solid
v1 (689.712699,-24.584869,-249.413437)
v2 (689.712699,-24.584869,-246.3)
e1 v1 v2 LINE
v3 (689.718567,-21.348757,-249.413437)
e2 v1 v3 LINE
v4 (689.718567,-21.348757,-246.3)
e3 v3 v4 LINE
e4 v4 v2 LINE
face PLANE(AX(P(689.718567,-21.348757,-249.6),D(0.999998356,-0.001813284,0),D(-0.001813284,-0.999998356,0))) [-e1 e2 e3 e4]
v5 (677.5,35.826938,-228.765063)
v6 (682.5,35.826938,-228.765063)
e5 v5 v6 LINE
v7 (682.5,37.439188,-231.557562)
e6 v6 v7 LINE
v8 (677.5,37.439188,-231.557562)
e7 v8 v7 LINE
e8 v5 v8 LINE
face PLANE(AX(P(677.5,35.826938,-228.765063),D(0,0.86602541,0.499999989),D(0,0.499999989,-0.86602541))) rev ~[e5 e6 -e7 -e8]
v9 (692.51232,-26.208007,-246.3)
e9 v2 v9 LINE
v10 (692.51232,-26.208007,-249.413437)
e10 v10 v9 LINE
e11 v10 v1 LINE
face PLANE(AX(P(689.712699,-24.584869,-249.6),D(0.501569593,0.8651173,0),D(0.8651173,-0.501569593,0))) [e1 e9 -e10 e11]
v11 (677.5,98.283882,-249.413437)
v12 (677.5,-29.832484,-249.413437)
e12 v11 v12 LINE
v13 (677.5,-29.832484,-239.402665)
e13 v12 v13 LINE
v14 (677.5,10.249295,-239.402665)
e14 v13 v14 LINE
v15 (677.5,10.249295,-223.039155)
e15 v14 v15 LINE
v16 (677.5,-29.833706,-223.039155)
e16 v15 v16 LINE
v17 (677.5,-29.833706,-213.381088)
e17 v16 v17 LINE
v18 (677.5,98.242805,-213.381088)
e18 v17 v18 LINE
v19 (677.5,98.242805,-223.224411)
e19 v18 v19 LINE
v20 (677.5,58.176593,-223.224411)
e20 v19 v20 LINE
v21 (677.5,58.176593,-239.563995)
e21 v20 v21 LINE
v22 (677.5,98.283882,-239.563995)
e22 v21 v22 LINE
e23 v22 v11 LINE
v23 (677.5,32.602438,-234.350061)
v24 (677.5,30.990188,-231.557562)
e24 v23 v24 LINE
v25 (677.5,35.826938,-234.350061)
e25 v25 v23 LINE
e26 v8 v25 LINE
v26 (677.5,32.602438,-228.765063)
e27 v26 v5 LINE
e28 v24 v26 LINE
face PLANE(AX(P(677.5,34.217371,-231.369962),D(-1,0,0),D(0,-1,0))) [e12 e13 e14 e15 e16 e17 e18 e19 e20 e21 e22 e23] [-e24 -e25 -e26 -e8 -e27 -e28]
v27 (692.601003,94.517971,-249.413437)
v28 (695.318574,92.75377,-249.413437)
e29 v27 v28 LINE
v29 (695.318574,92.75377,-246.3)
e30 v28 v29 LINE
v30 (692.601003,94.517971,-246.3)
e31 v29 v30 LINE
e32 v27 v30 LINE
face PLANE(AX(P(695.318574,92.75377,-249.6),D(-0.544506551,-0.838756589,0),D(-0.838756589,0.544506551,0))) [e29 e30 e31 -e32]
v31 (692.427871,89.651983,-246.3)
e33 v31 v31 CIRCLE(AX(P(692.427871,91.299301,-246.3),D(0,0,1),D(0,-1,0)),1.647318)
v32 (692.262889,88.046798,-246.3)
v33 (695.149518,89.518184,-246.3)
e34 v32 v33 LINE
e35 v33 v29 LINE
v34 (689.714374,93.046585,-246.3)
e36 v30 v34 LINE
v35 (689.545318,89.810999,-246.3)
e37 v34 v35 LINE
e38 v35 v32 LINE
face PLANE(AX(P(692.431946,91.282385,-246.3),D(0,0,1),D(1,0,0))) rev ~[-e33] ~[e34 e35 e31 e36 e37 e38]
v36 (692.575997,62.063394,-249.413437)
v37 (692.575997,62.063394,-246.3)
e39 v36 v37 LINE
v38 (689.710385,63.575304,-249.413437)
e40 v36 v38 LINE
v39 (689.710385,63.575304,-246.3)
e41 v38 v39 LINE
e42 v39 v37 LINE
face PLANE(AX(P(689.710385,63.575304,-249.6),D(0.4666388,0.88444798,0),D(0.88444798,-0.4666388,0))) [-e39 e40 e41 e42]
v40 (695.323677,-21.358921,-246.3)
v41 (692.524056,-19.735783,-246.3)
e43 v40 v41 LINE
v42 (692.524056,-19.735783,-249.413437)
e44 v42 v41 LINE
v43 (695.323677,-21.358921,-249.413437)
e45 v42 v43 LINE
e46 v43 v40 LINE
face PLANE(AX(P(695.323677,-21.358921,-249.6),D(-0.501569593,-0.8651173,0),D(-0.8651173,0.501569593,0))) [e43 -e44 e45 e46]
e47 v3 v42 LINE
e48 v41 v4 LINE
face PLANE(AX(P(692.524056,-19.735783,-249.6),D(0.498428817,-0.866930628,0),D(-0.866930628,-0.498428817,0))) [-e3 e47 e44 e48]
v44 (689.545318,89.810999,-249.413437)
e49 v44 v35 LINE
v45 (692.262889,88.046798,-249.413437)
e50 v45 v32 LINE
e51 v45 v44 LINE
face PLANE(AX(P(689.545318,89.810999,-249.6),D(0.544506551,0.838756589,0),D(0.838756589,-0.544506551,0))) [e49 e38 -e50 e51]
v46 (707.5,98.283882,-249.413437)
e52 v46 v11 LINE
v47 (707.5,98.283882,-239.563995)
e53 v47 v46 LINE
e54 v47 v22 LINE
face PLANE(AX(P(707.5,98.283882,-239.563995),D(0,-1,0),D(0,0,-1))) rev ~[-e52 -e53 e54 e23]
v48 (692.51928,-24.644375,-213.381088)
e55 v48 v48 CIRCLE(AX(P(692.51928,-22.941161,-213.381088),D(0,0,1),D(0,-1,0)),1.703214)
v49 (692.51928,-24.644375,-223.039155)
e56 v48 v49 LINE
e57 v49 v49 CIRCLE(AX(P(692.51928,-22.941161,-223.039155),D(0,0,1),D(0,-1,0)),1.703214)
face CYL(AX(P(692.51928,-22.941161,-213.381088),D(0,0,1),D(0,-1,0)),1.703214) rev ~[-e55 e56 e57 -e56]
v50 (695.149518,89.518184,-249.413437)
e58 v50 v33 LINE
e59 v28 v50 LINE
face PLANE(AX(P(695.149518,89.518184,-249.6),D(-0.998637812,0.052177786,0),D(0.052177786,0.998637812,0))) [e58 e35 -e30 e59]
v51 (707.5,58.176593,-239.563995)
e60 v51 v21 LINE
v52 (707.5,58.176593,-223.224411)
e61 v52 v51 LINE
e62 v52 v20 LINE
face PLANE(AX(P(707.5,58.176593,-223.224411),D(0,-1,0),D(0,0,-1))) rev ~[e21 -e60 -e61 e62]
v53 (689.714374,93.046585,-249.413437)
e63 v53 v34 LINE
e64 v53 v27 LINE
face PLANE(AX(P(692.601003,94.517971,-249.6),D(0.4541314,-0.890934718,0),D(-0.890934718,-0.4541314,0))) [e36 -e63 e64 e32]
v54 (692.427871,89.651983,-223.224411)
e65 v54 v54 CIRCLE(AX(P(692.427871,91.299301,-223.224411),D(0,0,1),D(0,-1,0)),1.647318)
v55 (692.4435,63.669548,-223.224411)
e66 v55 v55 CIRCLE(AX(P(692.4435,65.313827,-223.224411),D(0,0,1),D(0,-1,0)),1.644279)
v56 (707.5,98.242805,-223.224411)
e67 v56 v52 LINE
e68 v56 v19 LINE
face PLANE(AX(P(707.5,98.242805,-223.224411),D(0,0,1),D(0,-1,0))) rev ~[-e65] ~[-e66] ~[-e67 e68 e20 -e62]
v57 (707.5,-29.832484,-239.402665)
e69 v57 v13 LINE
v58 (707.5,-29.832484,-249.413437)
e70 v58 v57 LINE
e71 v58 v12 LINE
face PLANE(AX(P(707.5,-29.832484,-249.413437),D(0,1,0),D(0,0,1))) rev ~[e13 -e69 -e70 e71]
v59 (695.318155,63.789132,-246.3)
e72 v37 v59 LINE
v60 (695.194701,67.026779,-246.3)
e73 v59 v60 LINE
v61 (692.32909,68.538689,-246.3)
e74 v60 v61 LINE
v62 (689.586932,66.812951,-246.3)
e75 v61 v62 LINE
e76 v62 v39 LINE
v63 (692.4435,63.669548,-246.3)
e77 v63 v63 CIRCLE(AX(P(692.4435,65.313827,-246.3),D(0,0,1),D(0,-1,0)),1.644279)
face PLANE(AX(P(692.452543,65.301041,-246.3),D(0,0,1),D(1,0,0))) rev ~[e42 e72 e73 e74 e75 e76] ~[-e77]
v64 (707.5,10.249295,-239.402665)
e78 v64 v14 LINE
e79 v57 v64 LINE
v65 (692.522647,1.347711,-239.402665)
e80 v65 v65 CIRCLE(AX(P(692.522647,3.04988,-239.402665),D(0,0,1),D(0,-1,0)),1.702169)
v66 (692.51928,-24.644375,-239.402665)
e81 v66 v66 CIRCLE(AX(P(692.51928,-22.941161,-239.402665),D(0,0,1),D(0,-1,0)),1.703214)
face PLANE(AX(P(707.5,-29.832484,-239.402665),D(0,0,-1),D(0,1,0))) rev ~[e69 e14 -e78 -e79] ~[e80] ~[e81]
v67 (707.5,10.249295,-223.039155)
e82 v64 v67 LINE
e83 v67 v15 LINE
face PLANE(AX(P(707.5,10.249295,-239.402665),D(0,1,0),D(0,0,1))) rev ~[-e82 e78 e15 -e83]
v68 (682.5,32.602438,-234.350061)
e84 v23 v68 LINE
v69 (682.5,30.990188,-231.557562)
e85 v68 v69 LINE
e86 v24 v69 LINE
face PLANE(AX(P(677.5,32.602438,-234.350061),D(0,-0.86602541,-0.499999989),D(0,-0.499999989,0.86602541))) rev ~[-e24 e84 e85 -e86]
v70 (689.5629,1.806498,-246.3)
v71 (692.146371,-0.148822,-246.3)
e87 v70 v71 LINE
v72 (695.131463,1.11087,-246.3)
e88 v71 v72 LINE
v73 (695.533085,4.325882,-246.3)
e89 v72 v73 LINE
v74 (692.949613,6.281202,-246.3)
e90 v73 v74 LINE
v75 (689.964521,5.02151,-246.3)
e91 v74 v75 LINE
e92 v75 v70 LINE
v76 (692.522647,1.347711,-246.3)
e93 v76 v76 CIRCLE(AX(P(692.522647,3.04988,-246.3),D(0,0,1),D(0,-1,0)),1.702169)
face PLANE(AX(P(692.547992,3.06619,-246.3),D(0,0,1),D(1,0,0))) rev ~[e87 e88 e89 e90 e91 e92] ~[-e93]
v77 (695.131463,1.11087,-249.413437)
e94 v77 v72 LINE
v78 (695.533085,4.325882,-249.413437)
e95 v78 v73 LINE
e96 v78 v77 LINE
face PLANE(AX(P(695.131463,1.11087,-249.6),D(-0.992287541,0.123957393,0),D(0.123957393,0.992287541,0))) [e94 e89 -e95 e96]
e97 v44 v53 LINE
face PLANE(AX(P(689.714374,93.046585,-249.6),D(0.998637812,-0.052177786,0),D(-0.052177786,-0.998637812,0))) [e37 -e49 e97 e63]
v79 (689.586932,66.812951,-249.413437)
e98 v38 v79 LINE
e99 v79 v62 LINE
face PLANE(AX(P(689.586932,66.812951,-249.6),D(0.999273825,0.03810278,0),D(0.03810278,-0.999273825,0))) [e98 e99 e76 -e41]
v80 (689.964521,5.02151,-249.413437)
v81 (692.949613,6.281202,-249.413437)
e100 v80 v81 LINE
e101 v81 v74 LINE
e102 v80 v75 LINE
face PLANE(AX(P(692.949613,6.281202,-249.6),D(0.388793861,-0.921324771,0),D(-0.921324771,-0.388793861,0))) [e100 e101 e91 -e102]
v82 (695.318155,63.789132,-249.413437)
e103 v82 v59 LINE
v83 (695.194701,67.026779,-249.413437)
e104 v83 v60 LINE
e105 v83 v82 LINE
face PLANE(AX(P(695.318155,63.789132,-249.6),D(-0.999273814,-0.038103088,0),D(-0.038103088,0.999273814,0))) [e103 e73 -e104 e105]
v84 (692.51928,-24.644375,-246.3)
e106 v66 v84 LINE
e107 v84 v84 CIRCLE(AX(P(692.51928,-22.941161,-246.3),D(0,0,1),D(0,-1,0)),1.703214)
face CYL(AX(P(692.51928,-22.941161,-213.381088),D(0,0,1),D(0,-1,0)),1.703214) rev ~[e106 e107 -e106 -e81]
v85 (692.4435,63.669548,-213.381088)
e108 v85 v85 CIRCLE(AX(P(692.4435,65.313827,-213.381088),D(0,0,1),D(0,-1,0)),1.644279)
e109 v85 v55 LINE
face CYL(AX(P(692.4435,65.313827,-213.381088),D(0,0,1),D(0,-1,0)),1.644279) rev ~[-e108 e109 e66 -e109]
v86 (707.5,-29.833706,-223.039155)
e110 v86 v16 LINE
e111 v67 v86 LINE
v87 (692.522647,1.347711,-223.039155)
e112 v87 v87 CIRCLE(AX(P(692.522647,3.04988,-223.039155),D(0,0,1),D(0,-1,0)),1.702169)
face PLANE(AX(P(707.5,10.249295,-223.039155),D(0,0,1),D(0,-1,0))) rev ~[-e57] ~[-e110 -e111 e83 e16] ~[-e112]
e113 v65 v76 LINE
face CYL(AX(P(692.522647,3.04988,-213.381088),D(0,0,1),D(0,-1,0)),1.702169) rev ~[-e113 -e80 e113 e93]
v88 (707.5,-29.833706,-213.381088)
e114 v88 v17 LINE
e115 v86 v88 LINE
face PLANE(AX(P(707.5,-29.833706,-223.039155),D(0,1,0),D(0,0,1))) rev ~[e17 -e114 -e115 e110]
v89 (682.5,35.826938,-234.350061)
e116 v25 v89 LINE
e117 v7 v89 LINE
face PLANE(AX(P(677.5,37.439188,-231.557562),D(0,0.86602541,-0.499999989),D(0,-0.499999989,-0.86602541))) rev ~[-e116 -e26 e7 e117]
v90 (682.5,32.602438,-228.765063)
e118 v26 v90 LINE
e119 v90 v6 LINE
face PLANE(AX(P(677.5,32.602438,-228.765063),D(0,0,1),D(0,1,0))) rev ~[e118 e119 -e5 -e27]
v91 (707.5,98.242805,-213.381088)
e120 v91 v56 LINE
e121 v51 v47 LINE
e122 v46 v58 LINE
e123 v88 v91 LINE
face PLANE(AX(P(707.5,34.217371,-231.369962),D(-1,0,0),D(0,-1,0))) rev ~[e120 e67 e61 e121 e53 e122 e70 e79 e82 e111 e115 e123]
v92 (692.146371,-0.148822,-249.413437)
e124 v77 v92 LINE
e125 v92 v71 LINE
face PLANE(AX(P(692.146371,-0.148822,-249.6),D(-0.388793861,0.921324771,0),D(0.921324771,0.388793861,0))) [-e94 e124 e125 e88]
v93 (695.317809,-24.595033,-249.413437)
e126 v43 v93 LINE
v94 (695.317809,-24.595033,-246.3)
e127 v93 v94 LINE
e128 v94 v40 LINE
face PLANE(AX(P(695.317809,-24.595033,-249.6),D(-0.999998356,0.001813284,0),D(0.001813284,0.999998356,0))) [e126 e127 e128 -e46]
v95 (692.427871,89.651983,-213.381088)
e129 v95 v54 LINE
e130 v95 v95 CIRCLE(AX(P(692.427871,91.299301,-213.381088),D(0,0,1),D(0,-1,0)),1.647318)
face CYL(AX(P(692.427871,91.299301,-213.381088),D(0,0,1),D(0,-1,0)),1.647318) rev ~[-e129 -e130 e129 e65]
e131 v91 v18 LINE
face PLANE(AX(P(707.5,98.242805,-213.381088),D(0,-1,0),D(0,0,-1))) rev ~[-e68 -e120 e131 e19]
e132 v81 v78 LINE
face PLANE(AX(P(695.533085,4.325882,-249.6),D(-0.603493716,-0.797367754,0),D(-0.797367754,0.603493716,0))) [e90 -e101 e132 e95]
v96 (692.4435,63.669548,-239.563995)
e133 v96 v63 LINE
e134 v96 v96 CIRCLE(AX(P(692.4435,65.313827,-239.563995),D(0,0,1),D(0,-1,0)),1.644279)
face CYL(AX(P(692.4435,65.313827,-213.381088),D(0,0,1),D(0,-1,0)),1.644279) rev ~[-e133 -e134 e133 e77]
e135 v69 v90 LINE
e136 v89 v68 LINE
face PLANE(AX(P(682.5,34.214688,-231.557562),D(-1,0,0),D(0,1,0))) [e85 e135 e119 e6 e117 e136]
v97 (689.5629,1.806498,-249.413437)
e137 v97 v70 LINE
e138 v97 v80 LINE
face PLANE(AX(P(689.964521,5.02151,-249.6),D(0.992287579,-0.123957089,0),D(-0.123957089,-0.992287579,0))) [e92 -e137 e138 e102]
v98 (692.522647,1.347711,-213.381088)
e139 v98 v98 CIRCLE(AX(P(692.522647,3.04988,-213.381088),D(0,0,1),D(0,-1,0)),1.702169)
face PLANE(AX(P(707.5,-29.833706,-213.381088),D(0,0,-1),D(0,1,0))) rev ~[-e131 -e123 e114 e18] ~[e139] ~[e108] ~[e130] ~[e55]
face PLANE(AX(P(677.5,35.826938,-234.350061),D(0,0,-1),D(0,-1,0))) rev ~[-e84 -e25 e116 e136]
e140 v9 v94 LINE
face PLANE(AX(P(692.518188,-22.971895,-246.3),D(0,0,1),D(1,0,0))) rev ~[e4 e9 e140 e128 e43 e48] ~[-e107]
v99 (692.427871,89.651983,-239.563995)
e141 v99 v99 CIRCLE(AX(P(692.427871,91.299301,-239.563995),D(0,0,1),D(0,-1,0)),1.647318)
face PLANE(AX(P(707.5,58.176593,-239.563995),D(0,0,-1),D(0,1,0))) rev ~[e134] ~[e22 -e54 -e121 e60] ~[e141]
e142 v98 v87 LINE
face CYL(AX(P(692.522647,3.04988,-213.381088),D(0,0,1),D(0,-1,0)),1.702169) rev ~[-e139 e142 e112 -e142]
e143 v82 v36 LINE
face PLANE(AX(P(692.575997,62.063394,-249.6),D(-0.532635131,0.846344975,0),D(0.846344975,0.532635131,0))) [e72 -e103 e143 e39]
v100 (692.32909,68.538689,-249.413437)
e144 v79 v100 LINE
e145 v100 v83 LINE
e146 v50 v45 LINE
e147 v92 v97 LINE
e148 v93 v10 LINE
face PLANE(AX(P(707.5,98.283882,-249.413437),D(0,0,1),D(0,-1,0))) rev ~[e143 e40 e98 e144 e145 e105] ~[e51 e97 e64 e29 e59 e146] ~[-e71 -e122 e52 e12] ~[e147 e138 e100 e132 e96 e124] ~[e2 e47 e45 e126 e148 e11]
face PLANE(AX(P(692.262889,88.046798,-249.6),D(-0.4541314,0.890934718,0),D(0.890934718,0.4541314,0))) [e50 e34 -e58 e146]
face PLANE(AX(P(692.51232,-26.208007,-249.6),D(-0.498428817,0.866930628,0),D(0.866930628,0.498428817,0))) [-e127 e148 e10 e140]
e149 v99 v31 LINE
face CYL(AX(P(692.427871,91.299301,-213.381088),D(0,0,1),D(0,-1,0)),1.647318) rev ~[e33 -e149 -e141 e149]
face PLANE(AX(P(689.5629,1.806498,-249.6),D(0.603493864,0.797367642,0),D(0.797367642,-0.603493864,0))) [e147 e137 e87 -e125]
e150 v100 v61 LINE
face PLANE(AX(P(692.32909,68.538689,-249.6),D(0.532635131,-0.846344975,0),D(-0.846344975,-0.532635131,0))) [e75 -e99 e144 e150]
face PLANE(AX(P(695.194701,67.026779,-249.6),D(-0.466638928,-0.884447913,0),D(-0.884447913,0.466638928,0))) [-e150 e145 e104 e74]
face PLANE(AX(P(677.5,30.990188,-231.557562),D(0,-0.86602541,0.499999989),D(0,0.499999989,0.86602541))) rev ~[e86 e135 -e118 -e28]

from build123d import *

# Parameters (mm, degrees)
PAD_DEPTH            = 30
SKETCH001_R          = 1.647318
SKETCH001_R_2        = 1.644279
SKETCH001_R_3        = 1.702169
SKETCH001_R_4        = 1.703214
POCKET_DEPTH         = 600
POCKET_DEPTH_BACK    = -600
POCKET001_DEPTH      = 3.3
POCKET001_DEPTH_BACK = -3.3
SKETCH005_R          = 1.5
POCKET006_DEPTH      = 5
POCKET006_FACE59_R   = 1.5
POCKET007_DEPTH      = 5


with BuildPart() as part:
    # Sketch → Pad (new body)
    with BuildSketch(Plane.YZ.offset(707.5)):
        Polygon((-29.833706, -213.381088), (98.242805, -213.381088), (98.242805, -223.224411), (58.176593, -223.224411), (58.176593, -239.563995), (98.283882, -239.563995), (98.283882, -249.413437), (-29.832484, -249.413437), (-29.832484, -239.402665), (10.249295, -239.402665), (10.249295, -223.039155), (-29.833706, -223.039155), align=None)
    extrude(amount=-PAD_DEPTH)

    # Sketch001 (on Face1 of Pad) → Pocket (cut, two sides)
    with BuildSketch(Plane(origin=(707.5, 0, -213.381088), x_dir=(0, -1, 0), z_dir=(0, 0, 1))) as pocket_sk:
        with Locations((-91.299301, -15.072129)):
            Circle(SKETCH001_R)
        with Locations((-65.313827, -15.0565)):
            Circle(SKETCH001_R_2)
        with Locations((-3.04988, -14.977353)):
            Circle(SKETCH001_R_3)
        with Locations((22.941161, -14.98072)):
            Circle(SKETCH001_R_4)
    extrude(amount=-POCKET_DEPTH, mode=Mode.SUBTRACT)
    extrude(pocket_sk.sketch, amount=-POCKET_DEPTH_BACK, mode=Mode.SUBTRACT)

    # Sketch002 → Pocket001 (cut, two sides)
    with BuildSketch(Plane.XY.offset(-249.6)) as pocket001_sk:
        Polygon((689.718567, -21.348757), (689.712699, -24.584869), (692.51232, -26.208007), (695.317809, -24.595033), (695.323677, -21.358921), (692.524056, -19.735783), align=None)
        Polygon((689.964521, 5.02151), (689.5629, 1.806498), (692.146371, -0.148822), (695.131463, 1.11087), (695.533085, 4.325882), (692.949613, 6.281202), align=None)
        Polygon((689.710385, 63.575304), (692.575997, 62.063394), (695.318155, 63.789132), (695.194701, 67.026779), (692.32909, 68.538689), (689.586932, 66.812951), align=None)
        Polygon((689.714374, 93.046585), (689.545318, 89.810999), (692.262889, 88.046798), (695.149518, 89.518184), (695.318574, 92.75377), (692.601003, 94.517971), align=None)
    extrude(amount=-POCKET001_DEPTH, mode=Mode.SUBTRACT)
    extrude(pocket001_sk.sketch, amount=-POCKET001_DEPTH_BACK, mode=Mode.SUBTRACT)

    # Sketch005 (on Face4 of Pocket001) → Pocket006 (cut)
    with BuildSketch(Plane(origin=(677.5, 0, 0), x_dir=(0, 1, 0), z_dir=(-1, 0, 0))):
        Polygon((37.439188, 231.557562), (35.826938, 234.350061), (32.602438, 234.350061), (30.990188, 231.557562), (32.602438, 228.765063), (35.826938, 228.765063), align=None)
        with Locations((34.214688, 231.557562)):
            Circle(SKETCH005_R, mode=Mode.SUBTRACT)
    extrude(amount=-POCKET006_DEPTH, mode=Mode.SUBTRACT)

    # Pocket006 Face59 → Pocket007 (cut)
    with BuildSketch(Plane(origin=(677.5, 34.214688, -231.557562), x_dir=(0, 1, 0), z_dir=(-1, 0, 0))):
        Circle(POCKET006_FACE59_R)
    extrude(amount=-POCKET007_DEPTH, mode=Mode.SUBTRACT)


solid = part.part
